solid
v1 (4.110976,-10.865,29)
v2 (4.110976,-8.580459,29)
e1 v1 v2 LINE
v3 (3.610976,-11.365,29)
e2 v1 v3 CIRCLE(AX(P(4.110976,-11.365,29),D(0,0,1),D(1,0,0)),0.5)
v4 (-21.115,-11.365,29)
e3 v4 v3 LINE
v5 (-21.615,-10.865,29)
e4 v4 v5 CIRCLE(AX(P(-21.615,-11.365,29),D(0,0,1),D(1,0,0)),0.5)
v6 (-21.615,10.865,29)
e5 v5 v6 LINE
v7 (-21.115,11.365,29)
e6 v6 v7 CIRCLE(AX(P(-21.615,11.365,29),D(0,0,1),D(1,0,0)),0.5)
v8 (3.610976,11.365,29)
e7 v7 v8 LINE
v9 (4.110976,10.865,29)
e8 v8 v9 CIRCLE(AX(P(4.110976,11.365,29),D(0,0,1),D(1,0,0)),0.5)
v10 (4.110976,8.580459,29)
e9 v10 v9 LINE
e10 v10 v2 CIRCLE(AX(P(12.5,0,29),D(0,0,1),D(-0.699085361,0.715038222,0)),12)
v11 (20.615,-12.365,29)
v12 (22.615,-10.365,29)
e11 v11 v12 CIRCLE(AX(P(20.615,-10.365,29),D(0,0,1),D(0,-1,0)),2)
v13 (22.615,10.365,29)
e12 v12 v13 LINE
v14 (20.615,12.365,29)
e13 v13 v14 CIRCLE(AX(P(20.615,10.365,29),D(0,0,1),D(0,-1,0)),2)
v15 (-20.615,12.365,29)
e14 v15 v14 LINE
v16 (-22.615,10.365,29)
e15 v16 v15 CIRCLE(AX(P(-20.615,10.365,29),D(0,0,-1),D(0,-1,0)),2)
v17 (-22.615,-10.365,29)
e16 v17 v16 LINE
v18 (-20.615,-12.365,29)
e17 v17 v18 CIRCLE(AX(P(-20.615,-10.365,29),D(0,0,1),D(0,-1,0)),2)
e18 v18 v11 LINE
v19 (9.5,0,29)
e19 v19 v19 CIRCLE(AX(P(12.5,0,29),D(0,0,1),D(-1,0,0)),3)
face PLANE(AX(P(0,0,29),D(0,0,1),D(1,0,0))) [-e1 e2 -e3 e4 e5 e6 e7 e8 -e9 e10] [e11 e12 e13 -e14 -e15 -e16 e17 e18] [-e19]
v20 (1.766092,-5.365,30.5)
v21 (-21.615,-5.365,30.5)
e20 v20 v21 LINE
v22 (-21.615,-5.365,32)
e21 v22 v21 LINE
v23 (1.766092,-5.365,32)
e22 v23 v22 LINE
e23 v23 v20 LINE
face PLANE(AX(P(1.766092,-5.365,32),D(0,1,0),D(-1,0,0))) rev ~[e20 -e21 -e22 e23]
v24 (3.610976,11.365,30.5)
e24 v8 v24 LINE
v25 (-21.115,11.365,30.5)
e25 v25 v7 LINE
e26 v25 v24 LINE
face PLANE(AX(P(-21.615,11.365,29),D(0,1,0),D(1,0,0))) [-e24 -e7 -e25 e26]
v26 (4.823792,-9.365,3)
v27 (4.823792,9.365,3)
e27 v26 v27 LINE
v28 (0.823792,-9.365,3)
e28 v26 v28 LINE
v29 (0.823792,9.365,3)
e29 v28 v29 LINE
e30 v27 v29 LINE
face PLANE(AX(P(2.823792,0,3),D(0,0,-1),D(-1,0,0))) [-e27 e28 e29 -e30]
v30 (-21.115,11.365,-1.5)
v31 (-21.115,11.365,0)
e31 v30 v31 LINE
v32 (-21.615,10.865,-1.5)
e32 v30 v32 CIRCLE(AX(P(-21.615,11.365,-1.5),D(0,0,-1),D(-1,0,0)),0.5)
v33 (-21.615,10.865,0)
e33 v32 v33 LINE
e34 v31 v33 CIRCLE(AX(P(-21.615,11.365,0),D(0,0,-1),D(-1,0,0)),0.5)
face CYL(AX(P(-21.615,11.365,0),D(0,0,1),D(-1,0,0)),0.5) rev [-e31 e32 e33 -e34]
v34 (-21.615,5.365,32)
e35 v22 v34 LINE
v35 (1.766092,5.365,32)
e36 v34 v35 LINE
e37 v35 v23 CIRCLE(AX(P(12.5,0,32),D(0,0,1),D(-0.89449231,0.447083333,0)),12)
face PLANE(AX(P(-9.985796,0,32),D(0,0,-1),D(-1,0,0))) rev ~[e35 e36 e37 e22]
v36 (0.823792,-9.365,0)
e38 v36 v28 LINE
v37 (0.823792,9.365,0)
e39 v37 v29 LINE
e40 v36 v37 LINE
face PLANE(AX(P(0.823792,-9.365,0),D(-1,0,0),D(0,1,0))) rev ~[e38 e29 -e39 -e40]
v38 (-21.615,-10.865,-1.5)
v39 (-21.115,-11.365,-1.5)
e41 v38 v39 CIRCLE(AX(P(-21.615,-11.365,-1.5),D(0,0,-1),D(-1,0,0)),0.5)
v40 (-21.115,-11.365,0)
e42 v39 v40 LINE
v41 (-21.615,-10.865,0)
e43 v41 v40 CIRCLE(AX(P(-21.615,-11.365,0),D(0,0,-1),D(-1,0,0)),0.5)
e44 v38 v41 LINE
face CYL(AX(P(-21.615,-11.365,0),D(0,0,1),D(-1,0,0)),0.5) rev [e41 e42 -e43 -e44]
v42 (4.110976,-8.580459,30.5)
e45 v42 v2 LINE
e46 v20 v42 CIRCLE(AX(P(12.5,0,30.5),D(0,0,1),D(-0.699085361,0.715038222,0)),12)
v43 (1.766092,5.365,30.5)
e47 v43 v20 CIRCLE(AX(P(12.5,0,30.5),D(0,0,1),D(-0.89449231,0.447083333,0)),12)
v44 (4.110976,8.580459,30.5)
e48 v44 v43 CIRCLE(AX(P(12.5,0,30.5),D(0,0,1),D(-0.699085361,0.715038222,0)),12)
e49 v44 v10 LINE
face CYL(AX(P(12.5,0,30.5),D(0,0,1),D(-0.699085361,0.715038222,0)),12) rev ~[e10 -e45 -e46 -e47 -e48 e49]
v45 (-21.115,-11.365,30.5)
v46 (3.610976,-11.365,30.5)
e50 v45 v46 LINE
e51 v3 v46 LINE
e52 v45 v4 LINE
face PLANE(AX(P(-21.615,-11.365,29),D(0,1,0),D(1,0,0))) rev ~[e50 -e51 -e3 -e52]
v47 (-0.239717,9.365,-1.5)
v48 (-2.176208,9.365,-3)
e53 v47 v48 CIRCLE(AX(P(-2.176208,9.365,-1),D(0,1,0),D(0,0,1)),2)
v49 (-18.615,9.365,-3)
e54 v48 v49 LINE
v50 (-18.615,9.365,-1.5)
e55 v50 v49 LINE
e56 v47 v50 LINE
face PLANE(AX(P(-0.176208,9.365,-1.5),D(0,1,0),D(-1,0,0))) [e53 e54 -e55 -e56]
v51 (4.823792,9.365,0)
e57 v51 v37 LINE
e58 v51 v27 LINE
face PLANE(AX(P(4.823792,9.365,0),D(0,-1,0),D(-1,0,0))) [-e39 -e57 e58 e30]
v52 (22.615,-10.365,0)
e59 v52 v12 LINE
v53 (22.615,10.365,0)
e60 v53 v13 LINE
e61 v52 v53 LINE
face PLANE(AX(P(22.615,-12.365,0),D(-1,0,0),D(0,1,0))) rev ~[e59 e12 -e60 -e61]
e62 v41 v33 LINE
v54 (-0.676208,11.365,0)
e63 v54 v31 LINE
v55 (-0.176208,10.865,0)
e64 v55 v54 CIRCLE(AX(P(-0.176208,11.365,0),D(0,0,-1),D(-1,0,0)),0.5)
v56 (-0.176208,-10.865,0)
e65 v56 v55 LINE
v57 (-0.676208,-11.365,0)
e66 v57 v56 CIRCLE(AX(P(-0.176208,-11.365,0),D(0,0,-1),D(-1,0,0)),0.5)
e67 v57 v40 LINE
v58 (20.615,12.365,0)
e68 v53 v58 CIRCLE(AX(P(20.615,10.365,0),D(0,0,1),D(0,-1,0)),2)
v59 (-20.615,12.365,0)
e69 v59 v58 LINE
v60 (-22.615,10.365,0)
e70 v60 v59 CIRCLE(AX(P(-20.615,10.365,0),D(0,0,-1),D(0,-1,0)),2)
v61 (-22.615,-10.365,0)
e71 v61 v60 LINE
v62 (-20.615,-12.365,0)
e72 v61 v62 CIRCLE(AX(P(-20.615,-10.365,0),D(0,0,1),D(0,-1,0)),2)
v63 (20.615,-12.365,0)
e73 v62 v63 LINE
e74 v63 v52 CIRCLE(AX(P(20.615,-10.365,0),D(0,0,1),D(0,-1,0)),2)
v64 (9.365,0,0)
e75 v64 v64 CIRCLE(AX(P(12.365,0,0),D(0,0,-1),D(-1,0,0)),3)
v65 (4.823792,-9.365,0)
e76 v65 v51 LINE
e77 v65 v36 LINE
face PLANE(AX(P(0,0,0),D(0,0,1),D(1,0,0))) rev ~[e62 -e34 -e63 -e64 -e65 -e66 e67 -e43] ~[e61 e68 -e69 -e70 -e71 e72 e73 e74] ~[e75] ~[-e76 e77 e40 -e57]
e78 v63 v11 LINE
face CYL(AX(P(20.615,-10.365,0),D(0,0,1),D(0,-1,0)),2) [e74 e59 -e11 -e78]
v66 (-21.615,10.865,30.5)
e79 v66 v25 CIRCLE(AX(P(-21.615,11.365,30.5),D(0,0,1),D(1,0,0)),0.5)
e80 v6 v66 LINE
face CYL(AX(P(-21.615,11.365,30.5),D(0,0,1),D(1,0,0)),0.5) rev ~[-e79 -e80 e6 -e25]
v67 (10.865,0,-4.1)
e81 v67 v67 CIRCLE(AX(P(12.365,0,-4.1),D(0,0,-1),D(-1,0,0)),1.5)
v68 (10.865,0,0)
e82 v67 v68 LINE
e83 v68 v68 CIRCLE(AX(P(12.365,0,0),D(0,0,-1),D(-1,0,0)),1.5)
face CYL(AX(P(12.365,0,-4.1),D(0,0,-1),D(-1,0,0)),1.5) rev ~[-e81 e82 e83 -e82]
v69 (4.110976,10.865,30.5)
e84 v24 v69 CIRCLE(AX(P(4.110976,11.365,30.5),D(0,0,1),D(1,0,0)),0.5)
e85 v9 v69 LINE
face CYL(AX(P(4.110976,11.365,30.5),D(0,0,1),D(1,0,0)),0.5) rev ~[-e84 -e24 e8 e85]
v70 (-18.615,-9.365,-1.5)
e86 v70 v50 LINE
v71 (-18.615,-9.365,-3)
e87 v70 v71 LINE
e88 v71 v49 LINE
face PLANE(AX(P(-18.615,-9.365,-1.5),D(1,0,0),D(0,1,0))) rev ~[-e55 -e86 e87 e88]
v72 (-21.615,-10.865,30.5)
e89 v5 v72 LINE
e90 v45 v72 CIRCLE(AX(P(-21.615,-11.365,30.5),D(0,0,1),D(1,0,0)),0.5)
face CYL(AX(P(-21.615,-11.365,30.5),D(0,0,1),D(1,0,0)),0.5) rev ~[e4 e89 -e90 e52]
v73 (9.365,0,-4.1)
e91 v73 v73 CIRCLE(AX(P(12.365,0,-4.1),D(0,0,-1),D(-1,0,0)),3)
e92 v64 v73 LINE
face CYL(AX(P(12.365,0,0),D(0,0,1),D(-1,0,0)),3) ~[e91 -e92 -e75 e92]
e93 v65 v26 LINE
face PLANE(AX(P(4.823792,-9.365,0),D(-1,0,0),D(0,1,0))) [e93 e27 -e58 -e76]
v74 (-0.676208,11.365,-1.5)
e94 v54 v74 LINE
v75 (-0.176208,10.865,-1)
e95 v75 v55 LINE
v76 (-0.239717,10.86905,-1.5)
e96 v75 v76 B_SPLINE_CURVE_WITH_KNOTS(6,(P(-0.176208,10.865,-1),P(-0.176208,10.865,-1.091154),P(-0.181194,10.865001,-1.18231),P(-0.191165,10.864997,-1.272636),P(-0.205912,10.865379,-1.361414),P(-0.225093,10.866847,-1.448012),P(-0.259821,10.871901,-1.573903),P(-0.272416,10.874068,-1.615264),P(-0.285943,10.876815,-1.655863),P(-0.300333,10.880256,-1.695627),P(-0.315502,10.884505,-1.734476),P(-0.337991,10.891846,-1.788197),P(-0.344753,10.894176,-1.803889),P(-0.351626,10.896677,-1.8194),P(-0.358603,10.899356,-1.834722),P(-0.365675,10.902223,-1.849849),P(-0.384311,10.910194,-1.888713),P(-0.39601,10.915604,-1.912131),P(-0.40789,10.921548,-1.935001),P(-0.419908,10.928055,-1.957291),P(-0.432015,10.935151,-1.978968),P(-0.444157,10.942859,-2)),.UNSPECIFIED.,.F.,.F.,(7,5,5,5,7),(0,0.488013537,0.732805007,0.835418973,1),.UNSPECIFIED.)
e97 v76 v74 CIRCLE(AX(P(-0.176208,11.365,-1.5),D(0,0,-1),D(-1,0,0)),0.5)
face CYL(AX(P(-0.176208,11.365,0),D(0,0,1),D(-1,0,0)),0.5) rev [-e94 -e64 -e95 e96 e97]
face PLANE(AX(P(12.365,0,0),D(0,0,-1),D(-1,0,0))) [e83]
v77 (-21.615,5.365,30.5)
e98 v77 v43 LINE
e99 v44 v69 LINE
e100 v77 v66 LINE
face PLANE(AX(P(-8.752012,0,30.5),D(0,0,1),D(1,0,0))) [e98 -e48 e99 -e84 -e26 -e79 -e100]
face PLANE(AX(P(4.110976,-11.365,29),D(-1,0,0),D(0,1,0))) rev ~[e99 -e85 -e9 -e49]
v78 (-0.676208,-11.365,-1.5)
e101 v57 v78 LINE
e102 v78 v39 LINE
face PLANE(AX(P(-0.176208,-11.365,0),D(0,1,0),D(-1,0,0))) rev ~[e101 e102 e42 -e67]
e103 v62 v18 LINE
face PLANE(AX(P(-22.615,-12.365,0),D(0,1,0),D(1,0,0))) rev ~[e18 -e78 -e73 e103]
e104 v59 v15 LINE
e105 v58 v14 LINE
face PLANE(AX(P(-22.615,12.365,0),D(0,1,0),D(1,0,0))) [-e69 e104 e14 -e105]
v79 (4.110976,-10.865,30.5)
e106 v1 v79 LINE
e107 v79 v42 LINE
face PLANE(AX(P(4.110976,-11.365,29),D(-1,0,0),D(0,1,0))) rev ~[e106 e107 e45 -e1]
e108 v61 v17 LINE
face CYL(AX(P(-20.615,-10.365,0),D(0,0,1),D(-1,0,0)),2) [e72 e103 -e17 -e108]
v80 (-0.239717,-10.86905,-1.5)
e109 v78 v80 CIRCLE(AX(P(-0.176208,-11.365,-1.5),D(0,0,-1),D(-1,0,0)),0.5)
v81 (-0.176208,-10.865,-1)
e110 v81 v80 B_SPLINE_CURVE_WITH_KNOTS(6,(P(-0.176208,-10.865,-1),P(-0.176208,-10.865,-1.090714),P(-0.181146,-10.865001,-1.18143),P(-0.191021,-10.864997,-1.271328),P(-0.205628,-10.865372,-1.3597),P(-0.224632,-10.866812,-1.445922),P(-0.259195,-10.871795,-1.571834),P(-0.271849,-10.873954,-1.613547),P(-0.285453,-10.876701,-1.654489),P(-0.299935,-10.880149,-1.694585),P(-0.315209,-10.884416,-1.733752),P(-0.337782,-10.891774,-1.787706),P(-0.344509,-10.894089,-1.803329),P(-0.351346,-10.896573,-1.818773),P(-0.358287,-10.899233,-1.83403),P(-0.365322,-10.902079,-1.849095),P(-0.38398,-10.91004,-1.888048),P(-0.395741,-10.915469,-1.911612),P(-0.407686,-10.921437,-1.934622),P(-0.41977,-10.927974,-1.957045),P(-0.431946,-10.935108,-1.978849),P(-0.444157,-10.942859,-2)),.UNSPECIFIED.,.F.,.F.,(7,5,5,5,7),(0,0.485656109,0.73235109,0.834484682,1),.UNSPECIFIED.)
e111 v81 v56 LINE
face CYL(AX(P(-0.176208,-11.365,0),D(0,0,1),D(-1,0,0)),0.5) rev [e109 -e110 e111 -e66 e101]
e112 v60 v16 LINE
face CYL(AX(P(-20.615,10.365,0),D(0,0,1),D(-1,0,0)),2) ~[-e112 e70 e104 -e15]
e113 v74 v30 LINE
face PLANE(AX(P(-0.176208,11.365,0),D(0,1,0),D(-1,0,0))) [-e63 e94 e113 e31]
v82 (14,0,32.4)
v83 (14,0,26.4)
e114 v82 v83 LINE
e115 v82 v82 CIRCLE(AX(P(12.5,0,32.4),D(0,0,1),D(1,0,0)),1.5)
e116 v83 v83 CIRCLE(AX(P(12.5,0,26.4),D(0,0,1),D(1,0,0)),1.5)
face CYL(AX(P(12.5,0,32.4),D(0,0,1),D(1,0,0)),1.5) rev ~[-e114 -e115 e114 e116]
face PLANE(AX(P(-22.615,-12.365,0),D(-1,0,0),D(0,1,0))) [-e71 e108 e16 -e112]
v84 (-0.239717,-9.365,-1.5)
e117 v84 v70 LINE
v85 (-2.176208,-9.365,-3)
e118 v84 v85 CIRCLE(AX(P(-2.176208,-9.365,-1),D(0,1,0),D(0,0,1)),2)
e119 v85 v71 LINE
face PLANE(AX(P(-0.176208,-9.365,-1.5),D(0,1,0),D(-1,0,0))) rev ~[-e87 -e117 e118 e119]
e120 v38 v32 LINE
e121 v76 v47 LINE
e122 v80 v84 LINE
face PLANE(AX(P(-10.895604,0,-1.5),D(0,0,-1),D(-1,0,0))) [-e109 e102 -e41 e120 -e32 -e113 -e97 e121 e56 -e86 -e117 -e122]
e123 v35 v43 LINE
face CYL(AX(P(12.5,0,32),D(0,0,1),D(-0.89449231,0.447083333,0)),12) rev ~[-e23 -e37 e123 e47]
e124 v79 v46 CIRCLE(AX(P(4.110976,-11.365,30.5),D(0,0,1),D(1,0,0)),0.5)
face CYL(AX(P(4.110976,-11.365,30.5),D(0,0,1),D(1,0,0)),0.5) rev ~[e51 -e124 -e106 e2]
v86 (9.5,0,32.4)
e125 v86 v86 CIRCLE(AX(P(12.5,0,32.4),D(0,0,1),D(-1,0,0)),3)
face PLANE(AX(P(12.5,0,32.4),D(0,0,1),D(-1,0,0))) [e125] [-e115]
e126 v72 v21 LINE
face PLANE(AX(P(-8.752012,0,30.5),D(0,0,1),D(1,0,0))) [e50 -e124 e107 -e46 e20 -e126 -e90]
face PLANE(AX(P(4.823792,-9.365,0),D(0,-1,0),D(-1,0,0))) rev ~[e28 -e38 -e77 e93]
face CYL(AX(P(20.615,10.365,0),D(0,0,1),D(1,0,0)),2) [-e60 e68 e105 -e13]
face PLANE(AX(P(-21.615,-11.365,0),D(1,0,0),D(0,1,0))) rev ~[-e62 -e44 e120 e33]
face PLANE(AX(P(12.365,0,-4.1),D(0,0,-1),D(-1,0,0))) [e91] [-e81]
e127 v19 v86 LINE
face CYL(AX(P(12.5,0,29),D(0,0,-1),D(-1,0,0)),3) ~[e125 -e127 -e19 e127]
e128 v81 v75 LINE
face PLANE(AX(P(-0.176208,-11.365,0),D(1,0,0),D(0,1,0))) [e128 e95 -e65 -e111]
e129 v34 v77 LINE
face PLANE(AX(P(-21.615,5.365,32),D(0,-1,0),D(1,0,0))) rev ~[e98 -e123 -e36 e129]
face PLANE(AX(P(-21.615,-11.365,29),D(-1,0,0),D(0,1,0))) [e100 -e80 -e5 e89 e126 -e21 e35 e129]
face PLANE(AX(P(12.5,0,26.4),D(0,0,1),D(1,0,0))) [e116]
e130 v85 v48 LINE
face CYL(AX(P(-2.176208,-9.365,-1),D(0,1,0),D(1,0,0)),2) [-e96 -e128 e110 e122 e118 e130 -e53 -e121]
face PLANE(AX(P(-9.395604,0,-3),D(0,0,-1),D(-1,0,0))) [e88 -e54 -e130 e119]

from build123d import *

# Parameters (mm, degrees)
SKETCH_1_W          = 45.23
SKETCH_1_H          = 24.73
EXTRUDE_1_DEPTH     = 29
FILLET_1_R          = 2
SKETCH_2_R          = 3
EXTRUDE_2_DEPTH     = 3.4
SKETCH_3_R          = 1.5
CUT_EXTRUDE_1_DEPTH = 6
SKETCH_4_W          = 25.725975672
SKETCH_4_H          = 22.73
EXTRUDE_3_DEPTH     = 1.5
SKETCH_5_R          = 0.5
CUT_EXTRUDE_2_DEPTH = 1.5
CUT_EXTRUDE_3_DEPTH = 1.5
EXTRUDE_START       = 1.5
EXTRUDE_4_DEPTH     = 1.5
SKETCH_21_W         = 21.4387918
SKETCH_21_H         = 22.73
EXTRUDE_11_DEPTH    = 1.5
CUT_EXTRUDE_START   = -1.5
SKETCH_23_R         = 0.5
CUT_EXTRUDE_4_DEPTH = 1.5
SKETCH_24_W         = 18.4387918
SKETCH_24_H         = 18.73
EXTRUDE_12_DEPTH    = 1.5
FILLET_2_R          = 2
SKETCH_25_R         = 3
EXTRUDE_13_DEPTH    = 4.1
SKETCH_26_R         = 1.5
CUT_EXTRUDE_5_DEPTH = 4.1
SKETCH_27_W         = 4
SKETCH_27_H         = 18.73
CUT_EXTRUDE_6_DEPTH = 3


with BuildPart() as part:
    # 草图1 → 凸台-拉伸1 (new body)
    with BuildSketch(Plane.XY):
        Rectangle(SKETCH_1_W, SKETCH_1_H)
    extrude(amount=EXTRUDE_1_DEPTH)

    # 圆角1
    fillet_1_edges = [part.edges().sort_by_distance(p)[0] for p in [
        (22.615, -12.365, 14.5),
        (-22.615, -12.365, 14.5),
        (-22.615, 12.365, 14.5),
        (22.615, 12.365, 14.5),
    ]]
    fillet(fillet_1_edges, radius=FILLET_1_R)

    # 草图2 → 凸台-拉伸2 (add)
    with BuildSketch(Plane.XY.offset(29)):
        with Locations(Location((12.5, 0, 0), (0, 0, 180))):
            Circle(SKETCH_2_R)
    extrude(amount=EXTRUDE_2_DEPTH)

    # 草图3 → 切除-拉伸1 (cut)
    with BuildSketch(Plane.XY.offset(32.4)):
        with Locations((12.5, 0)):
            Circle(SKETCH_3_R)
    extrude(amount=-CUT_EXTRUDE_1_DEPTH, mode=Mode.SUBTRACT)

    # 草图4 → 凸台-拉伸3 (add)
    with BuildSketch(Plane.XY.offset(29)):
        with Locations((-8.752012164, 0)):
            Rectangle(SKETCH_4_W, SKETCH_4_H)
    extrude(amount=EXTRUDE_3_DEPTH)

    # 草图5 → 切除-拉伸2 (cut)
    with BuildSketch(Plane.XY.offset(30.5)):
        with Locations((-21.615, 11.365)):
            Circle(SKETCH_5_R)
        with Locations((4.110975672, 11.365)):
            Circle(SKETCH_5_R)
        with Locations((-21.615, -11.365)):
            Circle(SKETCH_5_R)
        with Locations((4.110975672, -11.365)):
            Circle(SKETCH_5_R)
    extrude(amount=-CUT_EXTRUDE_2_DEPTH, mode=Mode.SUBTRACT)

    # 草图6 → 切除-拉伸3 (cut)
    with BuildSketch(Plane.XY.offset(30.5)):
        with BuildLine():
            Line((4.110975672, -8.580458661), (4.110975672, 8.580458661))
            ThreePointArc((4.110975672, 8.580458661), (0.5, 0), (4.110975672, -8.580458661))
        make_face()
    extrude(amount=-CUT_EXTRUDE_3_DEPTH, mode=Mode.SUBTRACT)

    # 草图7 → 凸台-拉伸4 (add)
    with BuildSketch(Plane.XY.offset(30.5).offset(EXTRUDE_START)):
        with BuildLine():
            Line((-21.615, 5.365), (1.766092277, 5.365))
            ThreePointArc((1.766092277, 5.365), (0.5, 0), (1.766092277, -5.365))
            Line((1.766092277, -5.365), (-21.615, -5.365))
            Line((-21.615, -5.365), (-21.615, 5.365))
        make_face()
    extrude(amount=-EXTRUDE_4_DEPTH)

    # 草图21 → 凸台-拉伸11 (add)
    with BuildSketch(Plane(origin=(-20.629587366, 0.959657155, 0), x_dir=(-1, 0, 0), z_dir=(0, 0, -1))):
        with Locations((-9.733983266, -0.959657155)):
            Rectangle(SKETCH_21_W, SKETCH_21_H)
    extrude(amount=EXTRUDE_11_DEPTH)

    # 草图23 → 切除-拉伸4 (cut)
    with BuildSketch(Plane(origin=(-20.629587366, 0.959657155, -1.5), x_dir=(-1, 0, 0), z_dir=(0, 0, -1)).offset(CUT_EXTRUDE_START)):
        with Locations((-20.453379166, 10.405342845)):
            Circle(SKETCH_23_R)
        with Locations((0.985412634, 10.405342845)):
            Circle(SKETCH_23_R)
        with Locations((-20.453379166, -12.324657155)):
            Circle(SKETCH_23_R)
        with Locations((0.985412634, -12.324657155)):
            Circle(SKETCH_23_R)
    extrude(amount=CUT_EXTRUDE_4_DEPTH, mode=Mode.SUBTRACT)

    # 草图24 → 凸台-拉伸12 (add)
    with BuildSketch(Plane(origin=(0, 0, -1.5), x_dir=(-1, 0, 0), z_dir=(0, 0, -1))):
        with Locations((9.3956041, 0)):
            Rectangle(SKETCH_24_W, SKETCH_24_H)
    extrude(amount=EXTRUDE_12_DEPTH)

    # 圆角2
    fillet_2_edges = [part.edges().sort_by_distance(p)[0] for p in [
        (-0.1762082, 0, -3),
    ]]
    fillet(fillet_2_edges, radius=FILLET_2_R)

    # 草图25 → 凸台-拉伸13 (add)
    with BuildSketch(Plane(origin=(0, 0, 0), x_dir=(-1, 0, 0), z_dir=(0, 0, -1))):
        with Locations((-12.365, 0)):
            Circle(SKETCH_25_R)
    extrude(amount=EXTRUDE_13_DEPTH)

    # 草图26 → 切除-拉伸5 (cut)
    with BuildSketch(Plane(origin=(0, 0, -4.1), x_dir=(-1, 0, 0), z_dir=(0, 0, -1))):
        with Locations((-12.365, 0)):
            Circle(SKETCH_26_R)
    extrude(amount=-CUT_EXTRUDE_5_DEPTH, mode=Mode.SUBTRACT)

    # 草图27 → 切除-拉伸6 (cut)
    with BuildSketch(Plane(origin=(0, 0, 0), x_dir=(-1, 0, 0), z_dir=(0, 0, -1))):
        with Locations((-2.8237918, 0)):
            Rectangle(SKETCH_27_W, SKETCH_27_H)
    extrude(amount=-CUT_EXTRUDE_6_DEPTH, mode=Mode.SUBTRACT)


solid = part.part
